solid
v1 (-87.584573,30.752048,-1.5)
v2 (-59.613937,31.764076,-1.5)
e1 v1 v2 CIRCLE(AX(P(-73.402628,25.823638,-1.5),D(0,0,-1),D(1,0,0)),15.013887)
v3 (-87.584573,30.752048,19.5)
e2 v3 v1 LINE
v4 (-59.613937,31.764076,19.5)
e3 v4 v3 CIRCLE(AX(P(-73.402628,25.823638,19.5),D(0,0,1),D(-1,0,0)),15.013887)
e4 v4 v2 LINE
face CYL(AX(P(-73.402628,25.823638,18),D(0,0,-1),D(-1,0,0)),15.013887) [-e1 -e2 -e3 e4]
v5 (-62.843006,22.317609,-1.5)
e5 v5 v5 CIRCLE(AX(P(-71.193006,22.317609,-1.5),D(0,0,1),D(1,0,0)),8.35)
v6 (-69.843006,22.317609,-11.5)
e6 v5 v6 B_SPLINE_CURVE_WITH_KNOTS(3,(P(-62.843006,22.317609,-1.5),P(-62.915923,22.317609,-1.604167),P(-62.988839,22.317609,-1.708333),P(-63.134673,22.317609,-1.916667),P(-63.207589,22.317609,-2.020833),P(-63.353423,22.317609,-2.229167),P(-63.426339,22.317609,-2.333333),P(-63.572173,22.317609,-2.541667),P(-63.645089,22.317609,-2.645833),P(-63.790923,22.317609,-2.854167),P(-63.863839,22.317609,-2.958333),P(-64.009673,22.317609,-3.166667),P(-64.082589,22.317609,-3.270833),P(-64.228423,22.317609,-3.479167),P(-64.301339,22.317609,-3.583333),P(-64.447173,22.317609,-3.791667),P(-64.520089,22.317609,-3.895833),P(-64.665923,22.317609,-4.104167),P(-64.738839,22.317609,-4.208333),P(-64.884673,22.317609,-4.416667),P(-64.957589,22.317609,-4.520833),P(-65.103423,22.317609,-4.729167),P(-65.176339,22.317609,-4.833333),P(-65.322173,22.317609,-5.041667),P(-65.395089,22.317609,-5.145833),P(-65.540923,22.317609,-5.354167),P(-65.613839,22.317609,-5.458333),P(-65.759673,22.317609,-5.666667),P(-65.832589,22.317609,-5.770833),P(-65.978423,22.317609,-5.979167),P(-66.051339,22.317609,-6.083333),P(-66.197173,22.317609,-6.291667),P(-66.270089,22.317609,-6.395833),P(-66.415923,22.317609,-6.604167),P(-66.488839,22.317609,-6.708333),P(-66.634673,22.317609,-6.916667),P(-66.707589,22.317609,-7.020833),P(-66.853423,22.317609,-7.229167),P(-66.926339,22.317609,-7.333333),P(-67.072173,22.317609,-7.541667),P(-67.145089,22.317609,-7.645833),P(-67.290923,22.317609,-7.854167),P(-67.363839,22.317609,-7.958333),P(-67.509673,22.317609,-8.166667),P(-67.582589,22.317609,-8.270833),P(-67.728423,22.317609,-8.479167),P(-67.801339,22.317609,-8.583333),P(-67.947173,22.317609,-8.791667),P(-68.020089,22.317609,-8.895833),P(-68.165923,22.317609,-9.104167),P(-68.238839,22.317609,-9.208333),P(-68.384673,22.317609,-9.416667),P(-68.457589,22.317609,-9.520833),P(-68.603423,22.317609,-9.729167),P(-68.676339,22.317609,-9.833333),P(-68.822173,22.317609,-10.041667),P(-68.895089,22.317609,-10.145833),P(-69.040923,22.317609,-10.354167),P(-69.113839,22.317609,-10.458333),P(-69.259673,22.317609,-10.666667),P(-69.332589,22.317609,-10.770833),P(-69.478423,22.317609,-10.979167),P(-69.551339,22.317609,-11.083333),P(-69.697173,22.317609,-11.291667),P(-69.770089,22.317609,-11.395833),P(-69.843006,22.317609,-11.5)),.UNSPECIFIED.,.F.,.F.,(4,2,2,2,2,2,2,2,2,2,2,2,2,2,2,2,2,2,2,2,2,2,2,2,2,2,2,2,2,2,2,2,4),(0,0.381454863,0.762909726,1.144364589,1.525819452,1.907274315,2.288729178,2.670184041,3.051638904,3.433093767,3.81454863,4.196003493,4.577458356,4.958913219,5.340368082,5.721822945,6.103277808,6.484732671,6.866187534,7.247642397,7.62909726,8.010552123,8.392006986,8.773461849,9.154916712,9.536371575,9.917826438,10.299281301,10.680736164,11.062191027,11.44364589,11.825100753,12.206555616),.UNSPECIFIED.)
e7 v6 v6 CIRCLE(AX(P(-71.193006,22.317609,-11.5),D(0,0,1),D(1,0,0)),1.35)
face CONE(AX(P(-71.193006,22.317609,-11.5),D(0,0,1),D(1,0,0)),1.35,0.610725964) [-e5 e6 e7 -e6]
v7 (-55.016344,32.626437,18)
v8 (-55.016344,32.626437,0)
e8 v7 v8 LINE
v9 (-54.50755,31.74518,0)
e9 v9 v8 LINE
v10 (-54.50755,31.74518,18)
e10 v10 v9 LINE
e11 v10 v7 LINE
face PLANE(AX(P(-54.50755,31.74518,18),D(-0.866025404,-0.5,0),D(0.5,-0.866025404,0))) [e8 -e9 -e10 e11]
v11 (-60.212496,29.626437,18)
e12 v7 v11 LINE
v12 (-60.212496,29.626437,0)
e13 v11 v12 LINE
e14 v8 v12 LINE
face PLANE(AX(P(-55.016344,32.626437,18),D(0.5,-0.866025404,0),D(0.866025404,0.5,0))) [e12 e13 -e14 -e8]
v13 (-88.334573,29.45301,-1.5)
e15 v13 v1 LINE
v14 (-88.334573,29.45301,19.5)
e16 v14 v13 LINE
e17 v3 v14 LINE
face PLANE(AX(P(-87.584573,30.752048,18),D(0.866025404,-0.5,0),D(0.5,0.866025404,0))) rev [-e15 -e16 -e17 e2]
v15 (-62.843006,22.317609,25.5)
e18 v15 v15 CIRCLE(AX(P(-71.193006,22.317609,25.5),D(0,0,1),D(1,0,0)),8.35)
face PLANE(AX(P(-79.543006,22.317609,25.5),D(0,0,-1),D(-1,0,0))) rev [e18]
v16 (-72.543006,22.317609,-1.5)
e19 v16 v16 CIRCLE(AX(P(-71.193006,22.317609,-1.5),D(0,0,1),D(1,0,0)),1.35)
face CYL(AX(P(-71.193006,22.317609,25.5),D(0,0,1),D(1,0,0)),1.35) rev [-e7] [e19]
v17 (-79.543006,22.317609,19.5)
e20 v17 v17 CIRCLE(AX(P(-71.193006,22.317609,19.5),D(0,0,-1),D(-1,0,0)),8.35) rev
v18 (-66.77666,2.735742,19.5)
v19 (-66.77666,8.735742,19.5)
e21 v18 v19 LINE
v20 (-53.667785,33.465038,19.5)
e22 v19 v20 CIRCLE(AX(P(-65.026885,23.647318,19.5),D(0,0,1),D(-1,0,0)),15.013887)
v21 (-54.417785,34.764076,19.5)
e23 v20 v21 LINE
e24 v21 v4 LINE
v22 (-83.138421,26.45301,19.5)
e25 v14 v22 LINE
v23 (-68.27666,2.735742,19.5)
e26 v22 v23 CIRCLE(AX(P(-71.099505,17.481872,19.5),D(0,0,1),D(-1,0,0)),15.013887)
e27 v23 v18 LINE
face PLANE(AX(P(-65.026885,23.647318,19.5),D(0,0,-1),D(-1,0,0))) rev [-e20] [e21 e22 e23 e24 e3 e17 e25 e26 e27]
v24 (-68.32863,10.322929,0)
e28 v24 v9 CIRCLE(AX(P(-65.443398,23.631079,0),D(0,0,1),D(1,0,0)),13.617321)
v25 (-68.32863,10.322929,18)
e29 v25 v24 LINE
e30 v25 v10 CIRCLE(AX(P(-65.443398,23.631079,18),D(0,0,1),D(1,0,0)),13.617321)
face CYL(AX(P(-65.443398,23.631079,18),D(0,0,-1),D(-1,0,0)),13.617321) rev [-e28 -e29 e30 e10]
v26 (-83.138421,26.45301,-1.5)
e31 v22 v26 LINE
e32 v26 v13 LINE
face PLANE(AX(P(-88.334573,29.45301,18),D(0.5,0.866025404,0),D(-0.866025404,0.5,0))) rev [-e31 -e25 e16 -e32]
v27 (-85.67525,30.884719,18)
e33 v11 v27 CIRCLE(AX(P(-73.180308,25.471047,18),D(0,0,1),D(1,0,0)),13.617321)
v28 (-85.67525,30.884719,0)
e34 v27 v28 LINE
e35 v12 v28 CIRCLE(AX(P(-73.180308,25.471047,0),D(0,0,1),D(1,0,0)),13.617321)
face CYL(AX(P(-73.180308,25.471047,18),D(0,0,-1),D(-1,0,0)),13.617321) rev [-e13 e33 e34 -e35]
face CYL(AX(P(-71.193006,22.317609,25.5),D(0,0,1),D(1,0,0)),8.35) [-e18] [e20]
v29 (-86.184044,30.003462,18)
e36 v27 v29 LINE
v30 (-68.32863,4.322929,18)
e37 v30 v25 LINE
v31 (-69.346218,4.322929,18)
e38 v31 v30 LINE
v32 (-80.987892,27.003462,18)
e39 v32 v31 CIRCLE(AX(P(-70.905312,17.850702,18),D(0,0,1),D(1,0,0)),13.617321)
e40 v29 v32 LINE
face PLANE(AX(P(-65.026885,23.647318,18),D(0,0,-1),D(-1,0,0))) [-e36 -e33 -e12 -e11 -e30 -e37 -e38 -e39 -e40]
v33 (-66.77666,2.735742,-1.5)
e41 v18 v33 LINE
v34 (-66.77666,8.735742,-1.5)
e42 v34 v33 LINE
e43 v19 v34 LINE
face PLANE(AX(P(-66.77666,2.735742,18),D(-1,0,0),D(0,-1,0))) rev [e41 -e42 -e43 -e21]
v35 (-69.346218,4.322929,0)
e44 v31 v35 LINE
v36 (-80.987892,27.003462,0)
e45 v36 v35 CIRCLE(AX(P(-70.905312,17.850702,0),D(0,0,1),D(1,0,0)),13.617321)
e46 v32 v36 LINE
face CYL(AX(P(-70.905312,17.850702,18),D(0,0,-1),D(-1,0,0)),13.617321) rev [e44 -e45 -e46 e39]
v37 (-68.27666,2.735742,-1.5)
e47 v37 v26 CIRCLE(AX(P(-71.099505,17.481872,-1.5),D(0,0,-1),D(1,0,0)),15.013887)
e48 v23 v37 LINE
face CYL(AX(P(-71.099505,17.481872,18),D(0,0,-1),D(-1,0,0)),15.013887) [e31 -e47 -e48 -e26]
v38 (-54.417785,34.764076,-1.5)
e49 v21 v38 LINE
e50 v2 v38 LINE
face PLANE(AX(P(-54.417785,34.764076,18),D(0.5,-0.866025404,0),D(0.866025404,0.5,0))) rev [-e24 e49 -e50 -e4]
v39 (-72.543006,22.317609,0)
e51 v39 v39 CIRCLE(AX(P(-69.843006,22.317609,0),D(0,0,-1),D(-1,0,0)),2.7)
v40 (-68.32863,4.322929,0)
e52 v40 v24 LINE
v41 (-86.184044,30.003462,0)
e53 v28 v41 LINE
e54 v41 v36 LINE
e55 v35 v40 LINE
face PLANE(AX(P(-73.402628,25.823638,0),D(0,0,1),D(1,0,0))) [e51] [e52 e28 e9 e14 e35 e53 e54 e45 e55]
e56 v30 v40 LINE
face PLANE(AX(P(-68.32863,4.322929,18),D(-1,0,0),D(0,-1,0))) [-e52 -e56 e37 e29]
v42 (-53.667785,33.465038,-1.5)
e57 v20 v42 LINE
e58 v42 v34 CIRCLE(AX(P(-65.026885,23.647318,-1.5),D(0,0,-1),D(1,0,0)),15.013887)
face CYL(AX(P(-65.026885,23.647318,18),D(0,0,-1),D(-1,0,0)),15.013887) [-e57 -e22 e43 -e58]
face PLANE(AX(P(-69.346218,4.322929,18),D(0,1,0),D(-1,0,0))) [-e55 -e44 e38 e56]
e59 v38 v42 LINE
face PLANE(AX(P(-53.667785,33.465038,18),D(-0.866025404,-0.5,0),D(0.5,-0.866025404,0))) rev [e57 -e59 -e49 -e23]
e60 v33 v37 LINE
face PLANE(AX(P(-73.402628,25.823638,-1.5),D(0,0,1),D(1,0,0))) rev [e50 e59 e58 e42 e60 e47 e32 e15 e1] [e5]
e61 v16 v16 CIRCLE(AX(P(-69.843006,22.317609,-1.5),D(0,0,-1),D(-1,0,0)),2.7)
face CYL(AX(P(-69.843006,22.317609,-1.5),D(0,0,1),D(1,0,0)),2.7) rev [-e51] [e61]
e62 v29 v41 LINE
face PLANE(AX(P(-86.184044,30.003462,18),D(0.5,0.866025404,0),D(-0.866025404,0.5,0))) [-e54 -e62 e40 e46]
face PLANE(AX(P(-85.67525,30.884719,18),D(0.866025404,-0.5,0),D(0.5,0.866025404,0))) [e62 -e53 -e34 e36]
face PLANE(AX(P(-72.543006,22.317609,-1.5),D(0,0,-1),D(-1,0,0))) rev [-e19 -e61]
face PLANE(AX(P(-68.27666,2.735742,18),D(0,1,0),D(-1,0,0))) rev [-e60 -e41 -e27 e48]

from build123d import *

# Parameters (mm, degrees)
SALIENTE_EXTRUIR1_DEPTH = 18
SALIENTE_EXTRUIR2_START = 1.5
CROQUIS2_R              = 2.7
SALIENTE_EXTRUIR2_DEPTH = 1.5
SALIENTE_EXTRUIR3_DEPTH = 1.5
CROQUIS6_W              = 5.4
CROQUIS6_H              = 1.803822617
SALIENTE_EXTRUIR7_DEPTH = 10
CROQUIS10_W             = 5.4
CROQUIS10_H             = 10
CORTAR_EXTRUIR3_DEPTH   = 10
CROQUIS11_W             = 8.35
CROQUIS11_H             = 6


with BuildPart() as part:
    # Croquis1 → Saliente-Extruir1 (new body)
    with BuildSketch(Plane.XY):
        with BuildLine():
            Line((-53.667784589, 33.4650382), (-54.417784589, 34.764076306))
            Line((-54.417784589, 34.764076306), (-59.613937012, 31.764076306))
            ThreePointArc((-59.613937012, 31.764076306), (-73.945502317, 40.827707086), (-87.584573208, 30.752047693))
            Line((-87.584573208, 30.752047693), (-88.334573208, 29.453009587))
            Line((-88.334573208, 29.453009587), (-83.138420786, 26.453009587))
            ThreePointArc((-83.138420786, 26.453009587), (-83.82197264, 9.509694567), (-68.276660199, 2.735742387))
            Line((-68.276660199, 2.735742387), (-66.776660199, 2.735742387))
            Line((-66.776660199, 2.735742387), (-66.776660199, 8.735742387))
            ThreePointArc((-66.776660199, 8.735742387), (-51.761543041, 16.615426627), (-53.667784589, 33.4650382))
        make_face()
        with BuildLine():
            Line((-54.507549641, 31.745180452), (-55.016343575, 32.626437397))
            Line((-55.016343575, 32.626437397), (-60.212495998, 29.626437397))
            ThreePointArc((-60.212495998, 29.626437397), (-72.508207296, 39.071771198), (-85.675250182, 30.884718699))
            Line((-85.675250182, 30.884718699), (-86.184044116, 30.003461754))
            Line((-86.184044116, 30.003461754), (-80.987891693, 27.003461754))
            ThreePointArc((-80.987891693, 27.003461754), (-83.019935064, 11.632396511), (-69.346218174, 4.322929129))
            Line((-69.346218174, 4.322929129), (-68.328630306, 4.322929129))
            Line((-68.328630306, 4.322929129), (-68.328630306, 10.322929129))
            ThreePointArc((-68.328630306, 10.322929129), (-54.000875637, 16.248660571), (-54.507549641, 31.745180452))
        make_face(mode=Mode.SUBTRACT)
    extrude(amount=SALIENTE_EXTRUIR1_DEPTH)

    # Croquis2 → Saliente-Extruir2 (add)
    with BuildSketch(Plane(origin=(0, 0, 0), x_dir=(-1, 0, 0), z_dir=(0, 0, -1)).offset(SALIENTE_EXTRUIR2_START)):
        with BuildLine():
            Line((87.584573208, 30.752047693), (88.334573208, 29.453009587))
            Line((88.334573208, 29.453009587), (83.138420786, 26.453009587))
            ThreePointArc((83.138420786, 26.453009587), (83.82197264, 9.509694567), (68.276660199, 2.735742387))
            Line((68.276660199, 2.735742387), (66.776660199, 2.735742387))
            Line((66.776660199, 2.735742387), (66.776660199, 8.735742387))
            ThreePointArc((66.776660199, 8.735742387), (51.761543041, 16.615426627), (53.667784589, 33.4650382))
            Line((53.667784589, 33.4650382), (54.417784589, 34.764076306))
            Line((54.417784589, 34.764076306), (59.613937012, 31.764076306))
            ThreePointArc((59.613937012, 31.764076306), (73.945502317, 40.827707086), (87.584573208, 30.752047693))
        make_face()
        with Locations((69.843005999, 22.317609427)):
            Circle(CROQUIS2_R, mode=Mode.SUBTRACT)
    extrude(amount=-SALIENTE_EXTRUIR2_DEPTH)

    # Croquis3 → Saliente-Extruir3 (add)
    with BuildSketch(Plane.XY.offset(18)):
        with BuildLine():
            Line((-66.776660199, 8.735742387), (-66.776660199, 2.735742387))
            Line((-66.776660199, 2.735742387), (-68.276660199, 2.735742387))
            ThreePointArc((-68.276660199, 2.735742387), (-83.82197264, 9.509694567), (-83.138420786, 26.453009587))
            Line((-83.138420786, 26.453009587), (-88.334573208, 29.453009587))
            Line((-88.334573208, 29.453009587), (-87.584573208, 30.752047693))
            ThreePointArc((-87.584573208, 30.752047693), (-73.945502317, 40.827707086), (-59.613937012, 31.764076306))
            Line((-59.613937012, 31.764076306), (-54.417784589, 34.764076306))
            Line((-54.417784589, 34.764076306), (-53.667784589, 33.4650382))
            ThreePointArc((-53.667784589, 33.4650382), (-51.761543041, 16.615426627), (-66.776660199, 8.735742387))
        make_face()
    extrude(amount=SALIENTE_EXTRUIR3_DEPTH)

    # Croquis6 → Saliente-Extruir7 (add)
    with BuildSketch(Plane(origin=(0, 0, -1.5), x_dir=(-1, 0, 0), z_dir=(0, 0, -1))):
        with Locations((69.843005999, 21.415698119)):
            Rectangle(CROQUIS6_W, CROQUIS6_H)
    extrude(amount=SALIENTE_EXTRUIR7_DEPTH)

    # Croquis10 → Cortar-Extruir3 (cut)
    with BuildSketch(Plane(origin=(0, 22.317609427, 0), x_dir=(1, 0, 0), z_dir=(0, 1, 0))):
        with Locations((-69.843005999, 6.5)):
            Rectangle(CROQUIS10_W, CROQUIS10_H)
    extrude(amount=-CORTAR_EXTRUIR3_DEPTH, mode=Mode.SUBTRACT)

    # Croquis11 → Revolución1 (revolve)
    with BuildSketch(Plane(origin=(0, 22.317609427, 0), x_dir=(1, 0, 0), z_dir=(0, 1, 0)), mode=Mode.PRIVATE) as revoluci_n1_sk:
        Polygon((-72.543005999, 1.5), (-79.543005999, 1.5), (-72.543005999, 11.5), align=None)
        with Locations((-75.368005999, -22.5)):
            Rectangle(CROQUIS11_W, CROQUIS11_H)
    revolve(revoluci_n1_sk.sketch.rotate(Axis((-71.193005999, 22.317609427, 25.5), (0, 0, -1)), 180), axis=Axis((-71.193005999, 22.317609427, 25.5), (0, 0, -1)))


solid = part.part
